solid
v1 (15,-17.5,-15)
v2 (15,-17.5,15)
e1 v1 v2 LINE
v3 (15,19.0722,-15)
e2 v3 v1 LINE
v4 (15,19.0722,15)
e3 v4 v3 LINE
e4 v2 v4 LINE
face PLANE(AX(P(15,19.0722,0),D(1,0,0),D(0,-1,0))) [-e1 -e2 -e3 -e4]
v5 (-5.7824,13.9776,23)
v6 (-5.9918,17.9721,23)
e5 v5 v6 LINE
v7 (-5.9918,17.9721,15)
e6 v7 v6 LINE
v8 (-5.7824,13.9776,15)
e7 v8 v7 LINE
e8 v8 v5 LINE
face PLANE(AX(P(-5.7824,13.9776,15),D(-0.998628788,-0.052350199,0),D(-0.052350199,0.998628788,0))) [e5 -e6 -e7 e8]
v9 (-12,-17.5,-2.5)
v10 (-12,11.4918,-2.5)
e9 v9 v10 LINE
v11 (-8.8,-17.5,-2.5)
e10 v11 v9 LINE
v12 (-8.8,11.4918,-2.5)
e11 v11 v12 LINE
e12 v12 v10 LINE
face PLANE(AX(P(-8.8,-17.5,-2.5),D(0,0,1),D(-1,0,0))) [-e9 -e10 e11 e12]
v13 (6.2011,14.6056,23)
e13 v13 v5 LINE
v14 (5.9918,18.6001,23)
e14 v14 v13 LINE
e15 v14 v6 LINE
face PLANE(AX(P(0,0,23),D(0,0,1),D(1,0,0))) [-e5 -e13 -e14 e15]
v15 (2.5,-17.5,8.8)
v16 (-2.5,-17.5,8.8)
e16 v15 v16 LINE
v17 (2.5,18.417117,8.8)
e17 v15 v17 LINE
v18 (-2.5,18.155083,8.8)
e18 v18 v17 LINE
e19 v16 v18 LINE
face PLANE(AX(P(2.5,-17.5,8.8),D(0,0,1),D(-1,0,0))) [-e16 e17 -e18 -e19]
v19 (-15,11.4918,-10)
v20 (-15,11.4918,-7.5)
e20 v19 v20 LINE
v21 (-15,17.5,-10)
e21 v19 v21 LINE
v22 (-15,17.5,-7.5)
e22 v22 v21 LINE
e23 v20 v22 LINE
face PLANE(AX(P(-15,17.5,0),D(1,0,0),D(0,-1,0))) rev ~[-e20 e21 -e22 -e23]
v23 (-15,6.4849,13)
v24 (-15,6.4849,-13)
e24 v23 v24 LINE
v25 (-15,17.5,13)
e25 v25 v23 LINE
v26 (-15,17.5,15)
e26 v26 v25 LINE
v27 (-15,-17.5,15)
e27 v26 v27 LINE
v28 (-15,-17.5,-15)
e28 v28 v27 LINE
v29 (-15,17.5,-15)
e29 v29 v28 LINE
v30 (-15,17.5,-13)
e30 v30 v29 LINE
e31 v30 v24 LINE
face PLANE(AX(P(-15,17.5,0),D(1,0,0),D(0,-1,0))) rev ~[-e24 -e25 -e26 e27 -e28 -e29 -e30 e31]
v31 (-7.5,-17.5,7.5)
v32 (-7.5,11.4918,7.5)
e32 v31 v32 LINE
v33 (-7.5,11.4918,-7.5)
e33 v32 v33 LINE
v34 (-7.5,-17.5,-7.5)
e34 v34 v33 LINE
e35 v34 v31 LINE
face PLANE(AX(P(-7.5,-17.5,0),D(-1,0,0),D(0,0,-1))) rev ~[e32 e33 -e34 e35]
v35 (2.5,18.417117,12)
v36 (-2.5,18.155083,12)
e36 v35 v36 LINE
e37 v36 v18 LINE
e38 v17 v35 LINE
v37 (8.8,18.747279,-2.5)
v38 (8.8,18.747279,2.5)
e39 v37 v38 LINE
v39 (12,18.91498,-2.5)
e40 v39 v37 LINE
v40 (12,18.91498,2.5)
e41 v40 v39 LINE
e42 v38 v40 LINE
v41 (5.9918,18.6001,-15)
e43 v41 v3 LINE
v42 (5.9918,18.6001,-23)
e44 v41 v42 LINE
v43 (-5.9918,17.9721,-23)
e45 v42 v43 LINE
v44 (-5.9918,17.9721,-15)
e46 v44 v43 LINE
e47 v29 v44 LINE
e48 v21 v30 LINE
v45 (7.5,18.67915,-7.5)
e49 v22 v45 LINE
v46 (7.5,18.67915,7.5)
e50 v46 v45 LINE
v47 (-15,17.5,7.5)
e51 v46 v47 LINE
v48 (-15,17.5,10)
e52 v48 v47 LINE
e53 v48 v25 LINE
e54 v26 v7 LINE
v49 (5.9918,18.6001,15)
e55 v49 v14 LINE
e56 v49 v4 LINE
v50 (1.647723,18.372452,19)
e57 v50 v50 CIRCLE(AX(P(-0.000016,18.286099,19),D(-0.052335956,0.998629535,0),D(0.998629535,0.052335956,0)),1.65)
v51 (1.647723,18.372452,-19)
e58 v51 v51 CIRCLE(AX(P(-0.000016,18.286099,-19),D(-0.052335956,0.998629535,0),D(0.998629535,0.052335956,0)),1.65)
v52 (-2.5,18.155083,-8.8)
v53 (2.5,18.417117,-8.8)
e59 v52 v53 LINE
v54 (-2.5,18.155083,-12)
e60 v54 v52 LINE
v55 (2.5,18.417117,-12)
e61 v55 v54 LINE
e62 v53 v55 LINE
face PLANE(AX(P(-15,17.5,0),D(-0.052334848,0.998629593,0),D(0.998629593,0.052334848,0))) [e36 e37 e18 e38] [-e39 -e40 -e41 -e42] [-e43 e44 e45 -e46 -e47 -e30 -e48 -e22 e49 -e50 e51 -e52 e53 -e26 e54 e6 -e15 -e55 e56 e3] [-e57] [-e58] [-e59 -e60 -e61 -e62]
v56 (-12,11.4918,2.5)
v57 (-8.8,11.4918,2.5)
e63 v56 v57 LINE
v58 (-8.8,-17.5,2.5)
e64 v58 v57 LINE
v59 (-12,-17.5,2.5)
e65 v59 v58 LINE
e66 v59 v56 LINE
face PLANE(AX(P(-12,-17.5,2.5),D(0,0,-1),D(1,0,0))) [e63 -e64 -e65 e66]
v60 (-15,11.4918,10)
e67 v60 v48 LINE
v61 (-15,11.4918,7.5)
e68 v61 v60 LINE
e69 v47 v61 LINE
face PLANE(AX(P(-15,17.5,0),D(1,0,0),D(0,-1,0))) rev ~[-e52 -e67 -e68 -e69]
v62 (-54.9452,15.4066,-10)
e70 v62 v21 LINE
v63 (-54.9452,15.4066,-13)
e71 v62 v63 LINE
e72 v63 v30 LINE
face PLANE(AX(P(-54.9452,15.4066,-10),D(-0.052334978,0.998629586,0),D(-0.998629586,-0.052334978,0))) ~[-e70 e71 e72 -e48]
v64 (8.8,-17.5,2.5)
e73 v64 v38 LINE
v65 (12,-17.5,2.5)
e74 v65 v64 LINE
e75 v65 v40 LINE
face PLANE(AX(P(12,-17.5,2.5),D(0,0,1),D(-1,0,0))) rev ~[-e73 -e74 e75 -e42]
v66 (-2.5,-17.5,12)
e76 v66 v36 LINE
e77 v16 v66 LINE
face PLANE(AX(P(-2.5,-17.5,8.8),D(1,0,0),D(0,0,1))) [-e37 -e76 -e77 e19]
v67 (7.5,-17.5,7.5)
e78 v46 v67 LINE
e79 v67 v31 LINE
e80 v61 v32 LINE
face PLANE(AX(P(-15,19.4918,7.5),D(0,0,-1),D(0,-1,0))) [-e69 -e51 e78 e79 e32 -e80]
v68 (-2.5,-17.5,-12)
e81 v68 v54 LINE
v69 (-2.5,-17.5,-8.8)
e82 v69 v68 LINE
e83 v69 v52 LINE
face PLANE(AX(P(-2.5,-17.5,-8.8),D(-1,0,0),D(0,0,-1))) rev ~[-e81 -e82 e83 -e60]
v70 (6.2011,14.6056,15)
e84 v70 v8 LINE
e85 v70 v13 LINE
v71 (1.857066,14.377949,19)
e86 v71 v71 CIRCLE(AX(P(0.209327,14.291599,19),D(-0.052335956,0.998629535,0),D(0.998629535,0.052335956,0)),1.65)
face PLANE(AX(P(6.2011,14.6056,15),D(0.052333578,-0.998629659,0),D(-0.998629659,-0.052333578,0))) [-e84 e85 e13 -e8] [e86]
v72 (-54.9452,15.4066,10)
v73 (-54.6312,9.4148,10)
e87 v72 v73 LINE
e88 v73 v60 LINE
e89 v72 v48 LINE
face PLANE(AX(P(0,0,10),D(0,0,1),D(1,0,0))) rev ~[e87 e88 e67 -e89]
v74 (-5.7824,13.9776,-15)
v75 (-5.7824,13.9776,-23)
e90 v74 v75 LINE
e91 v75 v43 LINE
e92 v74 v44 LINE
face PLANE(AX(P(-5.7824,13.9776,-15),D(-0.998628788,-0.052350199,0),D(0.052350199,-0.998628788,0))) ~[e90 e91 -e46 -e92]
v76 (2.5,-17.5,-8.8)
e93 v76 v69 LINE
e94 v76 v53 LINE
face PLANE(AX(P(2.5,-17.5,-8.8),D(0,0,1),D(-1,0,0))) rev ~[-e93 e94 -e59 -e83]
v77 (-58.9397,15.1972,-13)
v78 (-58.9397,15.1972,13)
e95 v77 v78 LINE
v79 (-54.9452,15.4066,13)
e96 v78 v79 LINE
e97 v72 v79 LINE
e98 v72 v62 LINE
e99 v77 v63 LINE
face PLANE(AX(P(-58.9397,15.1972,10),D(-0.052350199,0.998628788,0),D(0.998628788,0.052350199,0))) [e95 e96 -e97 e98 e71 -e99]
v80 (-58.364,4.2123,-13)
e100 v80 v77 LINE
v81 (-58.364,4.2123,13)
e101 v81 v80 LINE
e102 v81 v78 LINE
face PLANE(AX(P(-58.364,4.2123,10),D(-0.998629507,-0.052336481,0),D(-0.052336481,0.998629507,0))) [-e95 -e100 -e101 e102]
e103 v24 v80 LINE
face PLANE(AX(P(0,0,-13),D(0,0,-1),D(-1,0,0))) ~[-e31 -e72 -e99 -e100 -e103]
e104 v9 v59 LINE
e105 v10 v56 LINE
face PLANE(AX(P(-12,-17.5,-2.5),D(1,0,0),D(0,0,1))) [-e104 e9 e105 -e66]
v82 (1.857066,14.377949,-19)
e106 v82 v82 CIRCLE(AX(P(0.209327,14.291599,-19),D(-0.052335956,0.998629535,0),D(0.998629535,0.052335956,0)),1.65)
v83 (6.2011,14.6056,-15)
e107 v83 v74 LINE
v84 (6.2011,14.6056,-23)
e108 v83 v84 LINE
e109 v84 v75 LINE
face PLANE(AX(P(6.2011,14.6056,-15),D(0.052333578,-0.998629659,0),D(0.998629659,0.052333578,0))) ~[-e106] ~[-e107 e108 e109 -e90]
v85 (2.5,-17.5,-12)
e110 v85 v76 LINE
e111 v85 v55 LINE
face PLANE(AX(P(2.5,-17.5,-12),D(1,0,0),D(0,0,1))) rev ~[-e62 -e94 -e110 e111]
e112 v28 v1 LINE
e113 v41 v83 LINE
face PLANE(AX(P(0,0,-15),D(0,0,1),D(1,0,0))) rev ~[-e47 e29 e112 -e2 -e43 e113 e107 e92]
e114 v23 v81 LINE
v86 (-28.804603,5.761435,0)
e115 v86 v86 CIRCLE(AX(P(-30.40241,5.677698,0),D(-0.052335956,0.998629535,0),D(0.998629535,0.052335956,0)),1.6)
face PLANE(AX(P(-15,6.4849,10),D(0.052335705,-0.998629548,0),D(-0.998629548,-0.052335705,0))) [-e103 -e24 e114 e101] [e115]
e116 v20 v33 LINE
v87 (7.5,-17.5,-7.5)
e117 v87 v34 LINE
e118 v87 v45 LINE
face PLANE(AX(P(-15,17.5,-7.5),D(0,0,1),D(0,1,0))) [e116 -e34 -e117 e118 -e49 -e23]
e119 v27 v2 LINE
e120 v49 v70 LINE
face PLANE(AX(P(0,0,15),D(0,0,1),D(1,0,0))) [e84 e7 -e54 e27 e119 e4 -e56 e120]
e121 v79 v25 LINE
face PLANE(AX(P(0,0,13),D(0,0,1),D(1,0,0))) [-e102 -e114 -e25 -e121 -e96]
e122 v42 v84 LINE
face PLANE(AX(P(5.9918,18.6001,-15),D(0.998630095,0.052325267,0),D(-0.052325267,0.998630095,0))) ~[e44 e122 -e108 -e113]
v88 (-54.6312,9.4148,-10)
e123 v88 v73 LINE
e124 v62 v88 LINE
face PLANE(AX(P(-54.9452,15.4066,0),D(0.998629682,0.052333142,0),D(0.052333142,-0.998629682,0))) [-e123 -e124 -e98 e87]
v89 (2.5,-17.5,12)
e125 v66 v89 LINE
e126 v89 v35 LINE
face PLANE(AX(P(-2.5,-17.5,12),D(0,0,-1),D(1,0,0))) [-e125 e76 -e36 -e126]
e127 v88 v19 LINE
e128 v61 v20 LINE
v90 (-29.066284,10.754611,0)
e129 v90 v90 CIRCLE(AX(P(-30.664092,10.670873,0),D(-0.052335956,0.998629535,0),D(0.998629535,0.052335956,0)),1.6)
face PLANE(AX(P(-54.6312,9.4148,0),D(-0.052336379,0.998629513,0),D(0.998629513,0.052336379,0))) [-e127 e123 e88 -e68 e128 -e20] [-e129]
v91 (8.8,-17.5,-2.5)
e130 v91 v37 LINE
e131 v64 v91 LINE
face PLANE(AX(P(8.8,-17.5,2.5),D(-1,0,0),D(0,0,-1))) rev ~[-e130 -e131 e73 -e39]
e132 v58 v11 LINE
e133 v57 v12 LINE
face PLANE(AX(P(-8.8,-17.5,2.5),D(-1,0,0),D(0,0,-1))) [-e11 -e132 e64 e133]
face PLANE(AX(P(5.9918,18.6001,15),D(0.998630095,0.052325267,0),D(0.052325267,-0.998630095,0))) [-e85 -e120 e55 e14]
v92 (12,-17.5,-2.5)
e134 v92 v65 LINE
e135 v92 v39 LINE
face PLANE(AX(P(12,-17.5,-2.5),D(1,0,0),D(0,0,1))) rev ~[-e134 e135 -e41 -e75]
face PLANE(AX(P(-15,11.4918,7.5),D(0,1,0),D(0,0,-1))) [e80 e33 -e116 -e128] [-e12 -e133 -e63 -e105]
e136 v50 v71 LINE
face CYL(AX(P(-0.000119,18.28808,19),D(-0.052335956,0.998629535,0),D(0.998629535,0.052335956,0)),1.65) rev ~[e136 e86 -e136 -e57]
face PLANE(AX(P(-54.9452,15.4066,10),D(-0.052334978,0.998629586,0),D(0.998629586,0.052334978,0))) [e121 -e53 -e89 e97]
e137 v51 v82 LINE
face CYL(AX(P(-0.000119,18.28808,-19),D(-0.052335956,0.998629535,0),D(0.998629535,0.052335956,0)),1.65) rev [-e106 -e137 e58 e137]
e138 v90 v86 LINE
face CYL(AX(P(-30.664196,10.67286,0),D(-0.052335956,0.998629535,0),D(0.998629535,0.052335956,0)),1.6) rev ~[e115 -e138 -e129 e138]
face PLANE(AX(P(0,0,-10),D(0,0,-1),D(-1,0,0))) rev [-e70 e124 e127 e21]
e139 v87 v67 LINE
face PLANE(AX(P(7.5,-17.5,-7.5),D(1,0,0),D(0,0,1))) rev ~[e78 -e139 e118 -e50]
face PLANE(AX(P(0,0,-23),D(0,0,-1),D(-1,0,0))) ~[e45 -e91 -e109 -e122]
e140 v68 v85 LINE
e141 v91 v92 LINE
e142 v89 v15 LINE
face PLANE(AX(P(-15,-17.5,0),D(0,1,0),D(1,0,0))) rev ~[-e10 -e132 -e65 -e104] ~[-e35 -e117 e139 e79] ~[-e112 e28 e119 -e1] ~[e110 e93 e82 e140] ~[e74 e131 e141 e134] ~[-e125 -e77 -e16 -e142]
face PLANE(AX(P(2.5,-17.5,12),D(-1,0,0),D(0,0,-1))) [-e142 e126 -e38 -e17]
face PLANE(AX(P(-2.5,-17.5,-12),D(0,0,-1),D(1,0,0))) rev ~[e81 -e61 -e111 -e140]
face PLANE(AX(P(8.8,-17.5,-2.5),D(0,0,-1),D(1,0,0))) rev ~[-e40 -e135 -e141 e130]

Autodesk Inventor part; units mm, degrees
ref_plane "YZ Plane" through (0, 0, 0) normal (1, 0, 0) x (0, 1, 0)
ref_plane "XZ Plane" through (0, 0, 0) normal (0, 1, 0) x (-1, 0, 0)
ref_plane "XY Plane" through (0, 0, 0) normal (0, 0, 1) x (1, 0, 0)
sketch "Sketch1" plane through (0, 0, 0) normal (0, 0, 1) x (1, 0, 0)
  line L0 (-15, -17.5) -> (15, -17.5)
  line L1 (15, -17.5) -> (15, 17.5)
  line L2 (15, 17.5) -> (-15, 17.5)
  line L3 (-15, 17.5) -> (-15, -17.5)
  line L4 (-15, -17.5) -> (15, 17.5) construction
  line L5 (15, -17.5) -> (-15, 17.5) construction
  line L6 (-15, 17.5) -> (15, 19.0722)
  line L7 (15, 19.0722) -> (15, 17.5)
  point P0 (0, 0)
  dimension "d0" = 3
  dimension "d1" = 30
  dimension "d3" = 35
extrude "Extrusion1" add sketch "Sketch1" along normal mid plane 30
sketch "Sketch2" plane through (-15, -17.5, -15) normal (0, -1, 0) x (1, 0, 0)
  line L0 (7.5, 7.5) -> (22.5, 7.5)
  line L1 (22.5, 7.5) -> (22.5, 22.5)
  line L2 (22.5, 22.5) -> (7.5, 22.5)
  line L3 (7.5, 22.5) -> (7.5, 7.5)
  line L4 (7.5, 7.5) -> (22.5, 22.5) construction
  line L5 (22.5, 7.5) -> (7.5, 22.5) construction
  line L6 (0, 30) -> (0, 0) projected
  line L7 (30, 0) -> (0, 0) projected
  line L8 (12.5, 3) -> (17.5, 3)
  line L9 (17.5, 3) -> (17.5, 6.2)
  line L10 (17.5, 6.2) -> (12.5, 6.2)
  line L11 (12.5, 6.2) -> (12.5, 3)
  line L12 (12.5, 3) -> (17.5, 6.2) construction
  line L13 (17.5, 3) -> (12.5, 6.2) construction
  line L14 (3, 17.5) -> (6.2, 17.5)
  line L15 (6.2, 17.5) -> (6.2, 12.5)
  line L16 (6.2, 12.5) -> (3, 12.5)
  line L17 (3, 12.5) -> (3, 17.5)
  line L18 (3, 17.5) -> (6.2, 12.5) construction
  line L19 (6.2, 17.5) -> (3, 12.5) construction
  line L20 (15, 7.5) -> (15, 22.5)
  line L21 (7.5, 15) -> (22.5, 15)
  line L22 (12.5, 27) -> (17.5, 27)
  line L23 (17.5, 27) -> (17.5, 23.8)
  line L24 (17.5, 23.8) -> (12.5, 23.8)
  line L25 (12.5, 23.8) -> (12.5, 27)
  line L26 (12.5, 27) -> (17.5, 23.8) construction
  line L27 (17.5, 27) -> (12.5, 23.8) construction
  line L28 (27, 17.5) -> (23.8, 17.5)
  line L29 (23.8, 17.5) -> (23.8, 12.5)
  line L30 (23.8, 12.5) -> (27, 12.5)
  line L31 (27, 12.5) -> (27, 17.5)
  line L32 (27, 17.5) -> (23.8, 12.5) construction
  line L33 (23.8, 17.5) -> (27, 12.5) construction
  point P0 (15, 15)
  point P1 (15, 15)
  point P2 (0, 15)
  point P3 (15, 0)
  point P4 (15, 4.6)
  point P5 (4.6, 15)
  point P6 (0, 15)
  point P7 (3, 15)
  point P8 (15, 0)
  point P9 (15, 25.4)
  point P10 (25.4, 15)
  point P11 (27, 15)
  dimension "d6" = 15
  dimension "d7" = 5
  dimension "d8" = 3.2
  dimension "d9" = 3
  dimension "d10" = 3
extrude "Extrusion2" cut sketch "Sketch2" against normal through all
sketch "Sketch3" plane through (0, 0, 0) normal (0, 0, 1) x (1, 0, 0)
  line L0 (-15, -17.5) -> (-15, 17.5) projected
  line L1 (-15, 6.4849) -> (-58.364, 4.2123)
  line L2 (-58.364, 4.2123) -> (-58.9397, 15.1972)
  line L3 (-58.9397, 15.1972) -> (-54.9452, 15.4066)
  line L4 (-54.9452, 15.4066) -> (-54.6312, 9.4148)
  line L5 (-54.6312, 9.4148) -> (-15, 11.4918)
  line L6 (15, 19.0722) -> (-15, 17.5) projected
  line L7 (-54.9452, 15.4066) -> (-15, 17.5)
  point P0 (0, 0)
  dimension "d14" = 4
  dimension "d15" = 5
  dimension "d16" = 6
  dimension "d17" = 40
extrude "Extrusion3" add sketch "Sketch3" along normal mid plane 20 contours L1 L2 L3 L4 L5 L0
sketch "Sketch4" plane through (-54.6312, 9.4148, 10) normal (-0.0523, 0.9986, 0) x (0.9986, 0.0523, 0)
  circle A0 centre (24, 10) radius 1.6
  line L0 (39.6856, 20) -> (39.6856, 0) projected
  line L1 (0, 0) -> (0, 20) projected
  point P0 (54.0636, 10)
  point P1 (39.6856, 10)
  dimension "d20" = 3.2
  dimension "d21" = 24
extrude "Extrusion4" cut sketch "Sketch4" against normal blind 20
sketch "Sketch5" plane through (-15, -17.5, 15) normal (-1, 0, 0) x (0, 0, 1)
  line L0 (-22.5, 36.9918) -> (-7.5, 36.9918)
  line L1 (-7.5, 36.9918) -> (-7.5, 28.9918)
  line L2 (-7.5, 28.9918) -> (-22.5, 28.9918)
  line L3 (-22.5, 28.9918) -> (-22.5, 36.9918)
  line L4 (-22.5, 36.9918) -> (-7.5, 28.9918) construction
  line L5 (-7.5, 36.9918) -> (-22.5, 28.9918) construction
  line L6 (-30, 35) -> (0, 35) projected
  line L7 (-25, 28.9918) -> (-5, 28.9918) projected
  point P0 (-15, 17.5)
  point P1 (-15, 32.9918)
  point P2 (-15, 35)
  point P3 (-15, 28.9918)
  dimension "d24" = 15
  dimension "d25" = 8
extrude "Extrusion5" cut sketch "Sketch5" against normal up to surface (22.5 mm away)
sketch "Sketch7" plane through (0, 0, 15) normal (0, 0, 1) x (1, 0, 0)
  line L0 (15, 19.0722) -> (-15, 17.5) projected
  line L1 (-5.9918, 17.9721) -> (5.9918, 18.6001)
  line L2 (5.9918, 18.6001) -> (6.2011, 14.6056)
  line L3 (6.2011, 14.6056) -> (-5.7824, 13.9776)
  line L4 (-5.7824, 13.9776) -> (-5.9918, 17.9721)
  line L5 (-5.9918, 17.9721) -> (6.2011, 14.6056) construction
  line L6 (5.9918, 18.6001) -> (-5.7824, 13.9776) construction
  point P0 (0, 0)
  point P1 (0, 18.2861)
  point P2 (0.1047, 16.2889)
  point P3 (0, 18.2861)
  point P4 (5.9918, 18.6001)
  point P5 (-5.9918, 17.9721)
  dimension "d30" = 12
  dimension "d31" = 4
extrude "Extrusion6" add sketch "Sketch7" along normal blind 8
sketch "Sketch8" plane through (15, 19.0722, 15) normal (-0.0523, 0.9986, 0) x (0.9986, 0.0523, 0)
  circle A0 centre (-15.0206, -4) radius 1.65
  line L0 (-9.0206, 0) -> (-9.0206, -8) projected
  line L1 (-9.0206, -8) -> (-21.0206, -8) projected
  line L2 (-9.0206, 0) -> (-21.0206, 0) projected
  point P0 (-15.9776, 15)
  point P1 (-9.0206, -4)
  point P2 (-15.0206, -8)
  point P3 (-15.0206, 0)
  dimension "d34" = 3.3
  dimension "d37" = 4
extrude "Extrusion7" cut sketch "Sketch8" against normal blind 12
mirror "Mirror1" about plane through (0, 0, 0) normal (0, 0, 1) of "Extrusion6", "Extrusion7"
extrude "Extrusion8" add sketch "Sketch3" along normal blind 3 from surface at 10
mirror "Mirror2" about plane through (0, 0, 0) normal (0, 0, 1) of "Extrusion8"
equation "\"d10\" = d9"
properties part number "Upper Path Fixation"
